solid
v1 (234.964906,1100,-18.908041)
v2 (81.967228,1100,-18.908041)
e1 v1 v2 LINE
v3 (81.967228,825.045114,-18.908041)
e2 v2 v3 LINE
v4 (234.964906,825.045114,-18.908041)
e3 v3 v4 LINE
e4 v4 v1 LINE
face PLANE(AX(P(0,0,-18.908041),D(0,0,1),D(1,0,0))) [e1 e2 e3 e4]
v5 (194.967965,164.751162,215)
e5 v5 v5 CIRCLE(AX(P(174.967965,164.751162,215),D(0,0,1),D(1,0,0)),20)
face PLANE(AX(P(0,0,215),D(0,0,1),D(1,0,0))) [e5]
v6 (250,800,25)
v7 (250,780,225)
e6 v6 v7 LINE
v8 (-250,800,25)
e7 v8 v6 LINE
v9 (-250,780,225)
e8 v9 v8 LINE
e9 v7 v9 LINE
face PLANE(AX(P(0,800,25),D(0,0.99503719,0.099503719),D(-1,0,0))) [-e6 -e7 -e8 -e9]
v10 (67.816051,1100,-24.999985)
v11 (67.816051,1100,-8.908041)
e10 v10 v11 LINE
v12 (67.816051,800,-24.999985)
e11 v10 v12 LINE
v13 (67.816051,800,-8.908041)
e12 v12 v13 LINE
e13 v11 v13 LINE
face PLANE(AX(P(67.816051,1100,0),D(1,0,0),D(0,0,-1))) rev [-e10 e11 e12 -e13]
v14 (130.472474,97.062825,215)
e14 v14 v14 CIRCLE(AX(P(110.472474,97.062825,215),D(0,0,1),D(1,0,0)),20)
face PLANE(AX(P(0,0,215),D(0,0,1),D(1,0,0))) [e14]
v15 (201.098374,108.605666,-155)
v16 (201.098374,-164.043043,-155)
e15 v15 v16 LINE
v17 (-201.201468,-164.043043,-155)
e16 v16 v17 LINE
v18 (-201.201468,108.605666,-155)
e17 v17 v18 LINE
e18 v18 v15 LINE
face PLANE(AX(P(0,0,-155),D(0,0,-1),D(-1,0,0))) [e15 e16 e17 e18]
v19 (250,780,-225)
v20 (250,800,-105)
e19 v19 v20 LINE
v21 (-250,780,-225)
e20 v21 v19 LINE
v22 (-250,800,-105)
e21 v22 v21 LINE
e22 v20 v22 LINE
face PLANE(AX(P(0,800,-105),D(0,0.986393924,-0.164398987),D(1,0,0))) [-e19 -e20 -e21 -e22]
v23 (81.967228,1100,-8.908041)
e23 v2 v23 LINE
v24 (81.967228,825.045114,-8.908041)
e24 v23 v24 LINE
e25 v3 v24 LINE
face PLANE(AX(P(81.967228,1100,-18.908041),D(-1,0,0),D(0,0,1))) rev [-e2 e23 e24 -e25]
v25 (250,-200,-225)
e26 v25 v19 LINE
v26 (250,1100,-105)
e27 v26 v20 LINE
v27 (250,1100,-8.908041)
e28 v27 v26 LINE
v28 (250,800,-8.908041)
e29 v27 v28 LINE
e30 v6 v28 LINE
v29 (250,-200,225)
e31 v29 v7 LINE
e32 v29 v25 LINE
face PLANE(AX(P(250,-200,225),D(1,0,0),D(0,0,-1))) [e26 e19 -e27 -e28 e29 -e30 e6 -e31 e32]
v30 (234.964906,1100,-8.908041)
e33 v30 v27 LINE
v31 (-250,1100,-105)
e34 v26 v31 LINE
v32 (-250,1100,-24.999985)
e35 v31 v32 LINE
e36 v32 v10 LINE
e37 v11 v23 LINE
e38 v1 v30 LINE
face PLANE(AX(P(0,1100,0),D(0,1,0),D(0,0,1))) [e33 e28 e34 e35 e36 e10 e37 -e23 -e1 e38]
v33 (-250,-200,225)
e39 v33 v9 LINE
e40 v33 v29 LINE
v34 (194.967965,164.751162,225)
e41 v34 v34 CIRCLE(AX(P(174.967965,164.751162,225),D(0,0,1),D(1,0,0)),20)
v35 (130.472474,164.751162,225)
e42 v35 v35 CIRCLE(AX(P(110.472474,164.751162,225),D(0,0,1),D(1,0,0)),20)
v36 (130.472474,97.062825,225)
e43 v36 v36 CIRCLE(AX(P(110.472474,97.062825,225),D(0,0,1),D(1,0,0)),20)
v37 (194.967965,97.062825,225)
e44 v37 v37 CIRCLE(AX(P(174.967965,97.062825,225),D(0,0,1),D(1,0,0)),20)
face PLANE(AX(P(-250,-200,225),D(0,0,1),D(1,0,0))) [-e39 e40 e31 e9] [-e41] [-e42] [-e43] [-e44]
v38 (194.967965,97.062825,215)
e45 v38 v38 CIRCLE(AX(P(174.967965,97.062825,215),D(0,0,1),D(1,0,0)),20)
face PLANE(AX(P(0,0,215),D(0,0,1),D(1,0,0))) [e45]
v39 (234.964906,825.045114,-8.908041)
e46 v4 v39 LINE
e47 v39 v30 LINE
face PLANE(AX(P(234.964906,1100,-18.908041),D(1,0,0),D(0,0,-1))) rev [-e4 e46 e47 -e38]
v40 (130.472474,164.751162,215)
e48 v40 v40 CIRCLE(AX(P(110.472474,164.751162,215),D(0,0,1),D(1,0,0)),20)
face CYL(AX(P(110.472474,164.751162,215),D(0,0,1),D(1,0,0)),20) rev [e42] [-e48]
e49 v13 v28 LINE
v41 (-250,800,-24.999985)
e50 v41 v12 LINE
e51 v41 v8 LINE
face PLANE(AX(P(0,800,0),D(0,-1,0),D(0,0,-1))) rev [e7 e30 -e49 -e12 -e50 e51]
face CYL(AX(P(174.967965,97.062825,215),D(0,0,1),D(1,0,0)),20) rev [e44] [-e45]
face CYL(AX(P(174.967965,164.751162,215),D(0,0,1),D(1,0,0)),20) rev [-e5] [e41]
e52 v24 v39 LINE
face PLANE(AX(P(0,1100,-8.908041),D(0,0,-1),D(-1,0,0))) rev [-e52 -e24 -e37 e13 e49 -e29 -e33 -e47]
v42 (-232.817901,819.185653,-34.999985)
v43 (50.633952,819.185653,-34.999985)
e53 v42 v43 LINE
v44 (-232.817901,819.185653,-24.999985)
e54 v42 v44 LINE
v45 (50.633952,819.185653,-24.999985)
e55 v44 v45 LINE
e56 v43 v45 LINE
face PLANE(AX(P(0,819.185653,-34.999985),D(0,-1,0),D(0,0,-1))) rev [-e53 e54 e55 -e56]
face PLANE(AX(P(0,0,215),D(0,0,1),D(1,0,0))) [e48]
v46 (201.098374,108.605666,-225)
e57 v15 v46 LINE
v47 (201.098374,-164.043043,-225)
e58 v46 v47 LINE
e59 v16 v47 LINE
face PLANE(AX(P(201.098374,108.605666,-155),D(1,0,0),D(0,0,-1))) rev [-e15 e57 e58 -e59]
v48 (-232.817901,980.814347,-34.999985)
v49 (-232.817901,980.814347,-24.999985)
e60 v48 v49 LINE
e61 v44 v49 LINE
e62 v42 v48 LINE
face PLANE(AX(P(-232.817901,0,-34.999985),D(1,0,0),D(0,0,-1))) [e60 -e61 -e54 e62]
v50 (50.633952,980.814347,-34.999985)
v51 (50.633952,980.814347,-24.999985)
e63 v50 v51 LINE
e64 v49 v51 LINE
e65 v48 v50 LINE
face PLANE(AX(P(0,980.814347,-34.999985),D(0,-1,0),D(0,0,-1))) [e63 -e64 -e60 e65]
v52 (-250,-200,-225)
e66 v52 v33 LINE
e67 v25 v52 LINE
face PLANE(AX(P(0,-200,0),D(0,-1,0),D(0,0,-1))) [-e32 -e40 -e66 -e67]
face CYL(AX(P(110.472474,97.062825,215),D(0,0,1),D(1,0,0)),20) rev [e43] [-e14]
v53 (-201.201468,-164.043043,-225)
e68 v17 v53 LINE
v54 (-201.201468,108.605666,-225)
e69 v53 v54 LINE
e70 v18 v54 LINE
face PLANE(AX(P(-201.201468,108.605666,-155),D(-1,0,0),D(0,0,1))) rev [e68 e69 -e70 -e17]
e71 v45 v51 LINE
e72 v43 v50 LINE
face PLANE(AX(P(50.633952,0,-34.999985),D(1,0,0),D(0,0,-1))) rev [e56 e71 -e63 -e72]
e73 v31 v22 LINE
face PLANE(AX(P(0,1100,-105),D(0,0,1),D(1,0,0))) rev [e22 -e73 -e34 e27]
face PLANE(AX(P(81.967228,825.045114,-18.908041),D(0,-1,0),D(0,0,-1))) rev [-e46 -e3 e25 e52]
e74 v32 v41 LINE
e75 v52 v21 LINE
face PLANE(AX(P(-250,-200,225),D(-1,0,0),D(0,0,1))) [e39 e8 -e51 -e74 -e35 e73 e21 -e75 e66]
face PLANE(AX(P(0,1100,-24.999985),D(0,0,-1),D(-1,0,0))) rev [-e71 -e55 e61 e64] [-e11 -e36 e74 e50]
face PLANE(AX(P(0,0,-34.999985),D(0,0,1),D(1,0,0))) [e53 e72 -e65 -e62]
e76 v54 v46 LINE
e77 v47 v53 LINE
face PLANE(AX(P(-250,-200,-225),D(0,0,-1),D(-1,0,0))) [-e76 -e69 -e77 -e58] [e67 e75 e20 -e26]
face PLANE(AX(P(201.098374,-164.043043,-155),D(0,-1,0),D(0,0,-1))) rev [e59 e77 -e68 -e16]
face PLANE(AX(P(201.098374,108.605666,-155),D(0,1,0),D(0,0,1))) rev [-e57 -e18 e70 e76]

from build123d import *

# Parameters (mm, degrees)
SKETCH2_W                = 500
SKETCH2_H                = 450
BOSS_EXTRUDE1_DEPTH      = 800
BOSS_EXTRUDE1_DEPTH_BACK = 200
CHAMFER1_SIZE            = 20
CHAMFER1_SIZE2           = 200
CHAMFER2_SIZE            = 20
CHAMFER2_SIZE2           = 120
SKETCH9_W                = 317.816050667
SKETCH9_H                = 80.00001522
BOSS_EXTRUDE2_DEPTH      = 300
SKETCH10_W               = 283.451852853
SKETCH10_H               = 161.628693338
CUT_EXTRUDE1_DEPTH       = 10
SKETCH11_R               = 20
CUT_EXTRUDE2_DEPTH       = 10
SKETCH12_W               = 152.997678588
SKETCH12_H               = 274.954886326
CUT_EXTRUDE3_DEPTH       = 10
SKETCH13_W               = 152.997678588
SKETCH13_H               = 17.889097052
BOSS_EXTRUDE3_DEPTH      = 175
SKETCH15_W               = 402.299842062
SKETCH15_H               = 272.648708127
CUT_EXTRUDE4_DEPTH       = 70


with BuildPart() as part:
    # Sketch2 → Boss-Extrude1 (new body, two sides)
    with BuildSketch(Plane(origin=(0, 0, 0), x_dir=(1, 0, 0), z_dir=(0, 1, 0))) as boss_extrude1_sk:
        Rectangle(SKETCH2_W, SKETCH2_H)
    extrude(amount=BOSS_EXTRUDE1_DEPTH)
    extrude(boss_extrude1_sk.sketch, amount=-BOSS_EXTRUDE1_DEPTH_BACK)

    # Chamfer1
    chamfer1_edges = [part.edges().sort_by_distance(p)[0] for p in [
        (0, 800, 225),
    ]]
    chamfer1_side = [part.faces().sort_by_distance(p)[0] for p in [
        (0, 300, 225),
    ]]
    chamfer(chamfer1_edges, length=CHAMFER1_SIZE, length2=CHAMFER1_SIZE2, reference=chamfer1_side[0])

    # Chamfer2
    chamfer2_edges = [part.edges().sort_by_distance(p)[0] for p in [
        (0, 800, -225),
    ]]
    chamfer2_side = [part.faces().sort_by_distance(p)[0] for p in [
        (0, 300, -225),
    ]]
    chamfer(chamfer2_edges, length=CHAMFER2_SIZE, length2=CHAMFER2_SIZE2, reference=chamfer2_side[0])

    # Sketch9 → Boss-Extrude2 (add)
    with BuildSketch(Plane(origin=(0, 800, 0), x_dir=(1, 0, 0), z_dir=(0, 1, 0))):
        with Locations((-91.091974667, 64.99999239)):
            Rectangle(SKETCH9_W, SKETCH9_H)
        Polygon((250, 105), (67.816050667, 105), (67.816050667, 24.99998478), (67.816050667, 8.908040554), (250, 8.908040554), align=None)
    extrude(amount=BOSS_EXTRUDE2_DEPTH)

    # Sketch10 → Cut-Extrude1 (cut)
    with BuildSketch(Plane.XY.offset(-24.99998478)):
        with Locations((-91.091974667, 900)):
            Rectangle(SKETCH10_W, SKETCH10_H)
    extrude(amount=-CUT_EXTRUDE1_DEPTH, mode=Mode.SUBTRACT)

    # Sketch11 → Cut-Extrude2 (cut)
    with BuildSketch(Plane.XY.offset(225)):
        with Locations((110.472474251, 164.751161956)):
            Circle(SKETCH11_R)
        with Locations((174.967964998, 164.751161956)):
            Circle(SKETCH11_R)
        with Locations((110.472474251, 97.062825132)):
            Circle(SKETCH11_R)
        with Locations((174.967964998, 97.062825132)):
            Circle(SKETCH11_R)
    extrude(amount=-CUT_EXTRUDE2_DEPTH, mode=Mode.SUBTRACT)

    # Sketch12 → Cut-Extrude3 (cut)
    with BuildSketch(Plane.XY.offset(-8.908040554)):
        with Locations((158.466067066, 962.522556837)):
            Rectangle(SKETCH12_W, SKETCH12_H)
    extrude(amount=-CUT_EXTRUDE3_DEPTH, mode=Mode.SUBTRACT)

    # Sketch13 → Boss-Extrude3 (add)
    with BuildSketch(Plane(origin=(0, 825.045113674, 0), x_dir=(1, 0, 0), z_dir=(0, 1, 0))):
        with Locations((158.466067066, 96.055451474)):
            Rectangle(SKETCH13_W, SKETCH13_H)
    extrude(amount=BOSS_EXTRUDE3_DEPTH)

    # Sketch15 → Cut-Extrude4 (cut)
    with BuildSketch(Plane(origin=(0, 0, -225), x_dir=(-1, 0, 0), z_dir=(0, 0, -1))):
        with Locations((0.051547356, -27.71868848)):
            Rectangle(SKETCH15_W, SKETCH15_H)
    extrude(amount=-CUT_EXTRUDE4_DEPTH, mode=Mode.SUBTRACT)


solid = part.part
